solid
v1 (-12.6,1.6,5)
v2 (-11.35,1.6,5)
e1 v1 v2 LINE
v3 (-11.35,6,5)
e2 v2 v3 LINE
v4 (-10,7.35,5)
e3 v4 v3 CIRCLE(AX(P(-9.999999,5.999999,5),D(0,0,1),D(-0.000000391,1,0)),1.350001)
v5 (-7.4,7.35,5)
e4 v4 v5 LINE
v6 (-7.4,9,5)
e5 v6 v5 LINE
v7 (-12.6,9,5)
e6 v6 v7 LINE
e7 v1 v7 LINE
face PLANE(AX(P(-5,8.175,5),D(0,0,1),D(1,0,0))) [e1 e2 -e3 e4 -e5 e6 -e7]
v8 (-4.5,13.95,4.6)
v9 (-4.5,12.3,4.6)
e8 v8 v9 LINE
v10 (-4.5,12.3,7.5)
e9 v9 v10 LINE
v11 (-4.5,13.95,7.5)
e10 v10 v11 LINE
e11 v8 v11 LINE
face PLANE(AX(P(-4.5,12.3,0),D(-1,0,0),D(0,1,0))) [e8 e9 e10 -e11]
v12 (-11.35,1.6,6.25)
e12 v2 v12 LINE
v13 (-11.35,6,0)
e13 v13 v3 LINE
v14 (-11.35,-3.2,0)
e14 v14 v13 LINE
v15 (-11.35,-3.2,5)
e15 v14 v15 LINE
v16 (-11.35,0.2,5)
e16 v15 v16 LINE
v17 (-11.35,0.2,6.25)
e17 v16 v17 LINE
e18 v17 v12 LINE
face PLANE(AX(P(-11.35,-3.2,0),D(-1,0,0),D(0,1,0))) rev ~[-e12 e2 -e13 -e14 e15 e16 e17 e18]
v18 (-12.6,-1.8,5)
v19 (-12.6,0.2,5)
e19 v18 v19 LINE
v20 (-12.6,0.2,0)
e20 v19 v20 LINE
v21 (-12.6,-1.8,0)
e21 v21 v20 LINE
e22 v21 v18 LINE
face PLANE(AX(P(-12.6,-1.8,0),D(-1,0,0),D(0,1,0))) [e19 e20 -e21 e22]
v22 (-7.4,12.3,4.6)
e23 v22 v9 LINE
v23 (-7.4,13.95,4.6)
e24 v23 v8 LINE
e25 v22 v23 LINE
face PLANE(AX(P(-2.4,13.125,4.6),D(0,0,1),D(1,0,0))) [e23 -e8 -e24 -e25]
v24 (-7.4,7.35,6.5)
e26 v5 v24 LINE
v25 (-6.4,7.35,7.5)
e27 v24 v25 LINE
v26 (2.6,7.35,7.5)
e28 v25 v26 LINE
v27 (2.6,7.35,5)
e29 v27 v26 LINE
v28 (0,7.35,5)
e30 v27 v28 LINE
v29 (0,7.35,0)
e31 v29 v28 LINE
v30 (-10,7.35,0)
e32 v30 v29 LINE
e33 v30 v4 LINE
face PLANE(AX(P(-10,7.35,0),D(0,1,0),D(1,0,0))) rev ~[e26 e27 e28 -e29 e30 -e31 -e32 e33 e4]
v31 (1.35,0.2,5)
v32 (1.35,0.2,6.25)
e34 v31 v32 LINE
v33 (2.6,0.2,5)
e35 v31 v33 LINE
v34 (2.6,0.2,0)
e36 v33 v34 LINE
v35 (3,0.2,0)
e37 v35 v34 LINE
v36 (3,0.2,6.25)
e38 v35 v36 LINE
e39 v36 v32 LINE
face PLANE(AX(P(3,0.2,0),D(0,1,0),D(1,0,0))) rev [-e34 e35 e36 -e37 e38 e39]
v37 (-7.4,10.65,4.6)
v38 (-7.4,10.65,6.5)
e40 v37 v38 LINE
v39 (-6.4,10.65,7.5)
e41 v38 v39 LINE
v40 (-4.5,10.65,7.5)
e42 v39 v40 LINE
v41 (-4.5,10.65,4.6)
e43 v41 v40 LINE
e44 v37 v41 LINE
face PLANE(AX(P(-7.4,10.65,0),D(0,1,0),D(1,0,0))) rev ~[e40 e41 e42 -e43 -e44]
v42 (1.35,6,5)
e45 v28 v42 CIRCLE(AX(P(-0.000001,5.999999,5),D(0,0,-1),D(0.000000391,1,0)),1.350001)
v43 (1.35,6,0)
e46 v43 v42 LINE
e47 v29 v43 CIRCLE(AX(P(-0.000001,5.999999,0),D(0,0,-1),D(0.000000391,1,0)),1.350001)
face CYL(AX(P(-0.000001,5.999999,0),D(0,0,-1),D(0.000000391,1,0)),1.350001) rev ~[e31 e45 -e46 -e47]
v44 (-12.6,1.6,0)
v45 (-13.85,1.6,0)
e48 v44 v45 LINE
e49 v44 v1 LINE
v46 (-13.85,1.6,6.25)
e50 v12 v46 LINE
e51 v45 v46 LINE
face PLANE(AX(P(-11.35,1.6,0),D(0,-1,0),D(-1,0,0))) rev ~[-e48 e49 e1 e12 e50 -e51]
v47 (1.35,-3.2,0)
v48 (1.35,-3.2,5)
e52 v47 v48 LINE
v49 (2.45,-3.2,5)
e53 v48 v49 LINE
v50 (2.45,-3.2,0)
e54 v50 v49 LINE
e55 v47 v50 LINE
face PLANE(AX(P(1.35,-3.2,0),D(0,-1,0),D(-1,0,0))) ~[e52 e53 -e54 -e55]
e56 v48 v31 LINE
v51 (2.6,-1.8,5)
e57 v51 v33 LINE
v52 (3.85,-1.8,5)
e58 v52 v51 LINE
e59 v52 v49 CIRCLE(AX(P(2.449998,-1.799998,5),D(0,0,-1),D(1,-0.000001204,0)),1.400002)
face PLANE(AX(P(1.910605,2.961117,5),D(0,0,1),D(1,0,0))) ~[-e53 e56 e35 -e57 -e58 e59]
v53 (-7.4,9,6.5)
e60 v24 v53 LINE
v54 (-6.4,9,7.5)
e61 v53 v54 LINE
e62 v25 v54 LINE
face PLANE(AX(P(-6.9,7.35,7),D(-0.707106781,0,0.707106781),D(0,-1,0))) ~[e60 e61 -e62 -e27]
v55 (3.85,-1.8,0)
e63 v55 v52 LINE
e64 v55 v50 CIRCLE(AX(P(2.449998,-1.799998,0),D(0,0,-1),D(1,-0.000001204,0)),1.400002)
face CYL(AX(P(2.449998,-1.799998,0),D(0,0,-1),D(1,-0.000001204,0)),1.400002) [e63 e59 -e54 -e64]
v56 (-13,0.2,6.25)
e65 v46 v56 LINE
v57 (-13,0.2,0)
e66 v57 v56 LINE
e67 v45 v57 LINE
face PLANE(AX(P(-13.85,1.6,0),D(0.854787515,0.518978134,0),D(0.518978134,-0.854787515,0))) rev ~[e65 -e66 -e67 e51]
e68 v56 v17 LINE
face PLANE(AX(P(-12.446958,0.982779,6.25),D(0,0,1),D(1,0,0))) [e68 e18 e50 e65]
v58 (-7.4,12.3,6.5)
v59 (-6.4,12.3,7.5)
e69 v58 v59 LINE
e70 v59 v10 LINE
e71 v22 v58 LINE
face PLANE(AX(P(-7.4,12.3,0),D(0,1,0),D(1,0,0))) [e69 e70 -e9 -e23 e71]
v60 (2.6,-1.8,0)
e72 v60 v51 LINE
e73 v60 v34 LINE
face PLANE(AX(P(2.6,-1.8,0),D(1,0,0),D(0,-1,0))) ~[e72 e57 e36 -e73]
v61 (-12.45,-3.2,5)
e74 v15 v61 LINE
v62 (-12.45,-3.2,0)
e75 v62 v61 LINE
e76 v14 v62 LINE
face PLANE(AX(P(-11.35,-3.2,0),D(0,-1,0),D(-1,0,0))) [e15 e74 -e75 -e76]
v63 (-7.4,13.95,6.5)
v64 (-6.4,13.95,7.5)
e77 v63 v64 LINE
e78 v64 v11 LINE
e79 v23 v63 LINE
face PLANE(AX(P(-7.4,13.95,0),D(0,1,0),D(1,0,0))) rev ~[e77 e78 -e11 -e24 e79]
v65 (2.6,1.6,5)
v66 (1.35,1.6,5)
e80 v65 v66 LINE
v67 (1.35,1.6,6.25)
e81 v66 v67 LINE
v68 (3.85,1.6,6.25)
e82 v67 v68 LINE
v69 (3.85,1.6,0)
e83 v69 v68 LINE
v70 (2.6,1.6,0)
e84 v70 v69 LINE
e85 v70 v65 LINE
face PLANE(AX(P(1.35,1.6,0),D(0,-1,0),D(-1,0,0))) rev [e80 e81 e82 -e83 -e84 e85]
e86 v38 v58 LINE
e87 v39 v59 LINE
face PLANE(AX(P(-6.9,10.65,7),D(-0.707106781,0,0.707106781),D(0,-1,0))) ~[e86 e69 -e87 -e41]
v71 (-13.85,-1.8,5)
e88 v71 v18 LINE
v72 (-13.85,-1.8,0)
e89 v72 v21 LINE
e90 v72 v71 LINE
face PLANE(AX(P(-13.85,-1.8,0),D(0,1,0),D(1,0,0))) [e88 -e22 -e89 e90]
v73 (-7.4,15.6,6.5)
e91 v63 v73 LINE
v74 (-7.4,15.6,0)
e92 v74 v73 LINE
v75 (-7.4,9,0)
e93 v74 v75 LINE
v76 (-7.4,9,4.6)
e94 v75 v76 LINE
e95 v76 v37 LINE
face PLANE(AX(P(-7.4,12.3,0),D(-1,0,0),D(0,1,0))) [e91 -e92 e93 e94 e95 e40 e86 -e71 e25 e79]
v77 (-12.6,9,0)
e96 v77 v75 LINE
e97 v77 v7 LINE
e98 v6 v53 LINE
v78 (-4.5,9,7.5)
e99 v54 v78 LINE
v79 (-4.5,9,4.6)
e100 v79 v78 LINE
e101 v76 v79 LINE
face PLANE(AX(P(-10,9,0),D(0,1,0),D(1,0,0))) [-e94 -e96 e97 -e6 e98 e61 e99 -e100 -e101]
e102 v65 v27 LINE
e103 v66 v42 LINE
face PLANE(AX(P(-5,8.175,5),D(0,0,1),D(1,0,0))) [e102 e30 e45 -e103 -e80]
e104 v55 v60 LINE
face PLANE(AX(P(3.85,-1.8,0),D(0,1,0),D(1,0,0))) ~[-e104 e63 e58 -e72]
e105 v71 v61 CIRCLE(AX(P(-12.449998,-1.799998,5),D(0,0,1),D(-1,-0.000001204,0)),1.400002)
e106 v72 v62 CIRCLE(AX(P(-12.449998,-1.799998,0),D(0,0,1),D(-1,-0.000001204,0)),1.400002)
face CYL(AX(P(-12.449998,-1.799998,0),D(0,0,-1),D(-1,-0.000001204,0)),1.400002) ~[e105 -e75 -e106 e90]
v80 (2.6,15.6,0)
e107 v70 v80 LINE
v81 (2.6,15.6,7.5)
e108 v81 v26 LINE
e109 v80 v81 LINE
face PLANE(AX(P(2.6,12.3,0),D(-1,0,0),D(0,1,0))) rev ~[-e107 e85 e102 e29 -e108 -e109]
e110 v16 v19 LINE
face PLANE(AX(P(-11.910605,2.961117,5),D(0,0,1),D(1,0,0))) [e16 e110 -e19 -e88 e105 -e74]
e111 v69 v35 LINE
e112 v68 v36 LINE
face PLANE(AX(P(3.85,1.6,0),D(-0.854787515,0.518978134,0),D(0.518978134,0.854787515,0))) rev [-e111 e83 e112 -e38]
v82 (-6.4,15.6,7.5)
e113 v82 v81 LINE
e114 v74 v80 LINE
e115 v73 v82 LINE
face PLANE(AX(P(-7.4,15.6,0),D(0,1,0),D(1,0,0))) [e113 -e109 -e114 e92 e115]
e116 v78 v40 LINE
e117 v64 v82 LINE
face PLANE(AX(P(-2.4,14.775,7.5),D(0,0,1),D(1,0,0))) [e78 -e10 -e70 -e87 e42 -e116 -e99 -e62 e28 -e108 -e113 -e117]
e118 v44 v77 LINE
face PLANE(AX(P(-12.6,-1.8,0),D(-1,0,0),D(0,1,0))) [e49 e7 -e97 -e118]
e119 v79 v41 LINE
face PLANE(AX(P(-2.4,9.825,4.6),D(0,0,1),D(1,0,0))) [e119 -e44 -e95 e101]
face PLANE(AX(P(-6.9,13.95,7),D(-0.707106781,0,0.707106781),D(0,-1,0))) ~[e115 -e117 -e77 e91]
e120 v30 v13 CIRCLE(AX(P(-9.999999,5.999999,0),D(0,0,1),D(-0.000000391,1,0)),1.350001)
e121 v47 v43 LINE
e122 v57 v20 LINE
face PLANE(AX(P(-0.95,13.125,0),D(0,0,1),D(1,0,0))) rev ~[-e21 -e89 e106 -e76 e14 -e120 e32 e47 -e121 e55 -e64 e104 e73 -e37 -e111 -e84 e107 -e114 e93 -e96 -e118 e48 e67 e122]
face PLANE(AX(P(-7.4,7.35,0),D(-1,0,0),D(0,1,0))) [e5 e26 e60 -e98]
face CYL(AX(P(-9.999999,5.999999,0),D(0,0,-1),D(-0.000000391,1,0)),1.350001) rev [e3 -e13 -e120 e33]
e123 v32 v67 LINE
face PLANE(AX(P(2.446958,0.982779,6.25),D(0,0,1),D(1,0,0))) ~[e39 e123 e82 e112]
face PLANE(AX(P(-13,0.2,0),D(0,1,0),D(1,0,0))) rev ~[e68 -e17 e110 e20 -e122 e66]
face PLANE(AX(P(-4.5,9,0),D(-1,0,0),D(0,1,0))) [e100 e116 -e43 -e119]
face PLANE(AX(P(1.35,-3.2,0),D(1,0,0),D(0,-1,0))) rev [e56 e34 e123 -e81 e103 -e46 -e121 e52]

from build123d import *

# Parameters (mm, degrees)
PAD017_DEPTH           = 5
PAD020_DEPTH           = 6.25
SKETCH038_W            = 10
SKETCH038_H            = 1.65
PAD021_DEPTH           = 5
SKETCH085_W            = 10
SKETCH085_H            = 1.65
PAD054_DEPTH           = 7.5
SKETCH083_W            = 7.1
SKETCH083_H            = 1.65
PAD055_DEPTH           = 7.5
SKETCH082_W            = 10
SKETCH082_H            = 1.65
PAD056_DEPTH           = 4.6
SKETCH084_W            = 10
SKETCH084_H            = 1.65
PAD057_DEPTH           = 7.5
LINEARPATTERN019_COUNT = 2
LINEARPATTERN019_PITCH = 3.3
CHAMFER009_SIZE        = 1


with BuildPart() as bc_c:
    # Sketch034 → Pad017 (new body)
    with BuildSketch(Plane.XY):
        with BuildLine():
            Line((-1.35, -1.8), (-1.35, 6))
            ThreePointArc((0, 7.35), (-0.954594, 6.954594), (-1.35, 6))
            Line((0, 9), (0, 7.35))
            Line((-2.6, 9), (0, 9))
            Line((-2.6, -1.8), (-2.6, 9))
            Line((-3.85, -1.8), (-2.6, -1.8))
            ThreePointArc((-3.85, -1.8), (-3.439949, -2.789949), (-2.45, -3.2))
            Line((-1.35, -3.2), (-2.45, -3.2))
            Line((-1.35, -1.8), (-1.35, -3.2))
        make_face()
    extrude(amount=PAD017_DEPTH)

    # Sketch037 → Pad020 (join)
    with BuildSketch(Plane.XY):
        Polygon((-1.35, 0.2), (-1.35, 1.6), (-2.6, 1.6), (-3.85, 1.6), (-3, 0.2), (-2.6, 0.2), align=None)
    extrude(amount=PAD020_DEPTH)


with BuildPart() as body030:
    # Mirror002: instance of _bc_c
    add(bc_c.part.mirror(Plane(origin=(5, 0, 0), x_dir=(0, 1, 0), z_dir=(-1, 0, 0))))

    # Fusion002: union _bc_c
    add(bc_c.part)


with BuildPart() as body030_1:
    # Clone003 placement: moved
    add(body030.part.moved(Location((-5, 0, 0))))

    # Sketch038 → Pad021 (new body)
    with BuildSketch(Plane.XY):
        with Locations((0, 8.175)):
            Rectangle(SKETCH038_W, SKETCH038_H)
    extrude(amount=PAD021_DEPTH)

    # Sketch085 → Pad054 (new body)
    with BuildSketch(Plane.XY):
        with Locations((2.6, 8.175)):
            Rectangle(SKETCH085_W, SKETCH085_H)
    extrude(amount=PAD054_DEPTH)

    # Sketch083 → Pad055 (join)
    with BuildSketch(Plane.XY):
        with Locations((4.05, 9.825)):
            Rectangle(SKETCH083_W, SKETCH083_H)
    pad055 = extrude(amount=PAD055_DEPTH)

    # Sketch082 → Pad056 (join)
    with BuildSketch(Plane.XY):
        with Locations((2.6, 9.825)):
            Rectangle(SKETCH082_W, SKETCH082_H)
    pad056 = extrude(amount=PAD056_DEPTH)

    # Sketch084 → Pad057 (join)
    with BuildSketch(Plane.XY):
        with Locations((2.6, 11.475)):
            Rectangle(SKETCH084_W, SKETCH084_H)
    pad057 = extrude(amount=PAD057_DEPTH)

    # LinearPattern019: Pad057, Pad056, Pad055 ×2
    with Locations(*[(0, i * LINEARPATTERN019_PITCH, 0) for i in range(1, LINEARPATTERN019_COUNT)]):
        add(pad057)
        add(pad056)
        add(pad055)

    # Chamfer009
    chamfer009_edges = [body030_1.edges().sort_by_distance(p)[0] for p in [
        (-2.4, 8.175, 7.5),
        (-2.4, 11.475, 7.5),
        (-2.4, 14.775, 7.5),
    ]]
    chamfer(chamfer009_edges, length=CHAMFER009_SIZE)


with BuildPart() as body030_2:
    # Body030 placement: moved
    add(body030_1.part.moved(Location((-5, 0, 0))))


solid = body030_2.part
